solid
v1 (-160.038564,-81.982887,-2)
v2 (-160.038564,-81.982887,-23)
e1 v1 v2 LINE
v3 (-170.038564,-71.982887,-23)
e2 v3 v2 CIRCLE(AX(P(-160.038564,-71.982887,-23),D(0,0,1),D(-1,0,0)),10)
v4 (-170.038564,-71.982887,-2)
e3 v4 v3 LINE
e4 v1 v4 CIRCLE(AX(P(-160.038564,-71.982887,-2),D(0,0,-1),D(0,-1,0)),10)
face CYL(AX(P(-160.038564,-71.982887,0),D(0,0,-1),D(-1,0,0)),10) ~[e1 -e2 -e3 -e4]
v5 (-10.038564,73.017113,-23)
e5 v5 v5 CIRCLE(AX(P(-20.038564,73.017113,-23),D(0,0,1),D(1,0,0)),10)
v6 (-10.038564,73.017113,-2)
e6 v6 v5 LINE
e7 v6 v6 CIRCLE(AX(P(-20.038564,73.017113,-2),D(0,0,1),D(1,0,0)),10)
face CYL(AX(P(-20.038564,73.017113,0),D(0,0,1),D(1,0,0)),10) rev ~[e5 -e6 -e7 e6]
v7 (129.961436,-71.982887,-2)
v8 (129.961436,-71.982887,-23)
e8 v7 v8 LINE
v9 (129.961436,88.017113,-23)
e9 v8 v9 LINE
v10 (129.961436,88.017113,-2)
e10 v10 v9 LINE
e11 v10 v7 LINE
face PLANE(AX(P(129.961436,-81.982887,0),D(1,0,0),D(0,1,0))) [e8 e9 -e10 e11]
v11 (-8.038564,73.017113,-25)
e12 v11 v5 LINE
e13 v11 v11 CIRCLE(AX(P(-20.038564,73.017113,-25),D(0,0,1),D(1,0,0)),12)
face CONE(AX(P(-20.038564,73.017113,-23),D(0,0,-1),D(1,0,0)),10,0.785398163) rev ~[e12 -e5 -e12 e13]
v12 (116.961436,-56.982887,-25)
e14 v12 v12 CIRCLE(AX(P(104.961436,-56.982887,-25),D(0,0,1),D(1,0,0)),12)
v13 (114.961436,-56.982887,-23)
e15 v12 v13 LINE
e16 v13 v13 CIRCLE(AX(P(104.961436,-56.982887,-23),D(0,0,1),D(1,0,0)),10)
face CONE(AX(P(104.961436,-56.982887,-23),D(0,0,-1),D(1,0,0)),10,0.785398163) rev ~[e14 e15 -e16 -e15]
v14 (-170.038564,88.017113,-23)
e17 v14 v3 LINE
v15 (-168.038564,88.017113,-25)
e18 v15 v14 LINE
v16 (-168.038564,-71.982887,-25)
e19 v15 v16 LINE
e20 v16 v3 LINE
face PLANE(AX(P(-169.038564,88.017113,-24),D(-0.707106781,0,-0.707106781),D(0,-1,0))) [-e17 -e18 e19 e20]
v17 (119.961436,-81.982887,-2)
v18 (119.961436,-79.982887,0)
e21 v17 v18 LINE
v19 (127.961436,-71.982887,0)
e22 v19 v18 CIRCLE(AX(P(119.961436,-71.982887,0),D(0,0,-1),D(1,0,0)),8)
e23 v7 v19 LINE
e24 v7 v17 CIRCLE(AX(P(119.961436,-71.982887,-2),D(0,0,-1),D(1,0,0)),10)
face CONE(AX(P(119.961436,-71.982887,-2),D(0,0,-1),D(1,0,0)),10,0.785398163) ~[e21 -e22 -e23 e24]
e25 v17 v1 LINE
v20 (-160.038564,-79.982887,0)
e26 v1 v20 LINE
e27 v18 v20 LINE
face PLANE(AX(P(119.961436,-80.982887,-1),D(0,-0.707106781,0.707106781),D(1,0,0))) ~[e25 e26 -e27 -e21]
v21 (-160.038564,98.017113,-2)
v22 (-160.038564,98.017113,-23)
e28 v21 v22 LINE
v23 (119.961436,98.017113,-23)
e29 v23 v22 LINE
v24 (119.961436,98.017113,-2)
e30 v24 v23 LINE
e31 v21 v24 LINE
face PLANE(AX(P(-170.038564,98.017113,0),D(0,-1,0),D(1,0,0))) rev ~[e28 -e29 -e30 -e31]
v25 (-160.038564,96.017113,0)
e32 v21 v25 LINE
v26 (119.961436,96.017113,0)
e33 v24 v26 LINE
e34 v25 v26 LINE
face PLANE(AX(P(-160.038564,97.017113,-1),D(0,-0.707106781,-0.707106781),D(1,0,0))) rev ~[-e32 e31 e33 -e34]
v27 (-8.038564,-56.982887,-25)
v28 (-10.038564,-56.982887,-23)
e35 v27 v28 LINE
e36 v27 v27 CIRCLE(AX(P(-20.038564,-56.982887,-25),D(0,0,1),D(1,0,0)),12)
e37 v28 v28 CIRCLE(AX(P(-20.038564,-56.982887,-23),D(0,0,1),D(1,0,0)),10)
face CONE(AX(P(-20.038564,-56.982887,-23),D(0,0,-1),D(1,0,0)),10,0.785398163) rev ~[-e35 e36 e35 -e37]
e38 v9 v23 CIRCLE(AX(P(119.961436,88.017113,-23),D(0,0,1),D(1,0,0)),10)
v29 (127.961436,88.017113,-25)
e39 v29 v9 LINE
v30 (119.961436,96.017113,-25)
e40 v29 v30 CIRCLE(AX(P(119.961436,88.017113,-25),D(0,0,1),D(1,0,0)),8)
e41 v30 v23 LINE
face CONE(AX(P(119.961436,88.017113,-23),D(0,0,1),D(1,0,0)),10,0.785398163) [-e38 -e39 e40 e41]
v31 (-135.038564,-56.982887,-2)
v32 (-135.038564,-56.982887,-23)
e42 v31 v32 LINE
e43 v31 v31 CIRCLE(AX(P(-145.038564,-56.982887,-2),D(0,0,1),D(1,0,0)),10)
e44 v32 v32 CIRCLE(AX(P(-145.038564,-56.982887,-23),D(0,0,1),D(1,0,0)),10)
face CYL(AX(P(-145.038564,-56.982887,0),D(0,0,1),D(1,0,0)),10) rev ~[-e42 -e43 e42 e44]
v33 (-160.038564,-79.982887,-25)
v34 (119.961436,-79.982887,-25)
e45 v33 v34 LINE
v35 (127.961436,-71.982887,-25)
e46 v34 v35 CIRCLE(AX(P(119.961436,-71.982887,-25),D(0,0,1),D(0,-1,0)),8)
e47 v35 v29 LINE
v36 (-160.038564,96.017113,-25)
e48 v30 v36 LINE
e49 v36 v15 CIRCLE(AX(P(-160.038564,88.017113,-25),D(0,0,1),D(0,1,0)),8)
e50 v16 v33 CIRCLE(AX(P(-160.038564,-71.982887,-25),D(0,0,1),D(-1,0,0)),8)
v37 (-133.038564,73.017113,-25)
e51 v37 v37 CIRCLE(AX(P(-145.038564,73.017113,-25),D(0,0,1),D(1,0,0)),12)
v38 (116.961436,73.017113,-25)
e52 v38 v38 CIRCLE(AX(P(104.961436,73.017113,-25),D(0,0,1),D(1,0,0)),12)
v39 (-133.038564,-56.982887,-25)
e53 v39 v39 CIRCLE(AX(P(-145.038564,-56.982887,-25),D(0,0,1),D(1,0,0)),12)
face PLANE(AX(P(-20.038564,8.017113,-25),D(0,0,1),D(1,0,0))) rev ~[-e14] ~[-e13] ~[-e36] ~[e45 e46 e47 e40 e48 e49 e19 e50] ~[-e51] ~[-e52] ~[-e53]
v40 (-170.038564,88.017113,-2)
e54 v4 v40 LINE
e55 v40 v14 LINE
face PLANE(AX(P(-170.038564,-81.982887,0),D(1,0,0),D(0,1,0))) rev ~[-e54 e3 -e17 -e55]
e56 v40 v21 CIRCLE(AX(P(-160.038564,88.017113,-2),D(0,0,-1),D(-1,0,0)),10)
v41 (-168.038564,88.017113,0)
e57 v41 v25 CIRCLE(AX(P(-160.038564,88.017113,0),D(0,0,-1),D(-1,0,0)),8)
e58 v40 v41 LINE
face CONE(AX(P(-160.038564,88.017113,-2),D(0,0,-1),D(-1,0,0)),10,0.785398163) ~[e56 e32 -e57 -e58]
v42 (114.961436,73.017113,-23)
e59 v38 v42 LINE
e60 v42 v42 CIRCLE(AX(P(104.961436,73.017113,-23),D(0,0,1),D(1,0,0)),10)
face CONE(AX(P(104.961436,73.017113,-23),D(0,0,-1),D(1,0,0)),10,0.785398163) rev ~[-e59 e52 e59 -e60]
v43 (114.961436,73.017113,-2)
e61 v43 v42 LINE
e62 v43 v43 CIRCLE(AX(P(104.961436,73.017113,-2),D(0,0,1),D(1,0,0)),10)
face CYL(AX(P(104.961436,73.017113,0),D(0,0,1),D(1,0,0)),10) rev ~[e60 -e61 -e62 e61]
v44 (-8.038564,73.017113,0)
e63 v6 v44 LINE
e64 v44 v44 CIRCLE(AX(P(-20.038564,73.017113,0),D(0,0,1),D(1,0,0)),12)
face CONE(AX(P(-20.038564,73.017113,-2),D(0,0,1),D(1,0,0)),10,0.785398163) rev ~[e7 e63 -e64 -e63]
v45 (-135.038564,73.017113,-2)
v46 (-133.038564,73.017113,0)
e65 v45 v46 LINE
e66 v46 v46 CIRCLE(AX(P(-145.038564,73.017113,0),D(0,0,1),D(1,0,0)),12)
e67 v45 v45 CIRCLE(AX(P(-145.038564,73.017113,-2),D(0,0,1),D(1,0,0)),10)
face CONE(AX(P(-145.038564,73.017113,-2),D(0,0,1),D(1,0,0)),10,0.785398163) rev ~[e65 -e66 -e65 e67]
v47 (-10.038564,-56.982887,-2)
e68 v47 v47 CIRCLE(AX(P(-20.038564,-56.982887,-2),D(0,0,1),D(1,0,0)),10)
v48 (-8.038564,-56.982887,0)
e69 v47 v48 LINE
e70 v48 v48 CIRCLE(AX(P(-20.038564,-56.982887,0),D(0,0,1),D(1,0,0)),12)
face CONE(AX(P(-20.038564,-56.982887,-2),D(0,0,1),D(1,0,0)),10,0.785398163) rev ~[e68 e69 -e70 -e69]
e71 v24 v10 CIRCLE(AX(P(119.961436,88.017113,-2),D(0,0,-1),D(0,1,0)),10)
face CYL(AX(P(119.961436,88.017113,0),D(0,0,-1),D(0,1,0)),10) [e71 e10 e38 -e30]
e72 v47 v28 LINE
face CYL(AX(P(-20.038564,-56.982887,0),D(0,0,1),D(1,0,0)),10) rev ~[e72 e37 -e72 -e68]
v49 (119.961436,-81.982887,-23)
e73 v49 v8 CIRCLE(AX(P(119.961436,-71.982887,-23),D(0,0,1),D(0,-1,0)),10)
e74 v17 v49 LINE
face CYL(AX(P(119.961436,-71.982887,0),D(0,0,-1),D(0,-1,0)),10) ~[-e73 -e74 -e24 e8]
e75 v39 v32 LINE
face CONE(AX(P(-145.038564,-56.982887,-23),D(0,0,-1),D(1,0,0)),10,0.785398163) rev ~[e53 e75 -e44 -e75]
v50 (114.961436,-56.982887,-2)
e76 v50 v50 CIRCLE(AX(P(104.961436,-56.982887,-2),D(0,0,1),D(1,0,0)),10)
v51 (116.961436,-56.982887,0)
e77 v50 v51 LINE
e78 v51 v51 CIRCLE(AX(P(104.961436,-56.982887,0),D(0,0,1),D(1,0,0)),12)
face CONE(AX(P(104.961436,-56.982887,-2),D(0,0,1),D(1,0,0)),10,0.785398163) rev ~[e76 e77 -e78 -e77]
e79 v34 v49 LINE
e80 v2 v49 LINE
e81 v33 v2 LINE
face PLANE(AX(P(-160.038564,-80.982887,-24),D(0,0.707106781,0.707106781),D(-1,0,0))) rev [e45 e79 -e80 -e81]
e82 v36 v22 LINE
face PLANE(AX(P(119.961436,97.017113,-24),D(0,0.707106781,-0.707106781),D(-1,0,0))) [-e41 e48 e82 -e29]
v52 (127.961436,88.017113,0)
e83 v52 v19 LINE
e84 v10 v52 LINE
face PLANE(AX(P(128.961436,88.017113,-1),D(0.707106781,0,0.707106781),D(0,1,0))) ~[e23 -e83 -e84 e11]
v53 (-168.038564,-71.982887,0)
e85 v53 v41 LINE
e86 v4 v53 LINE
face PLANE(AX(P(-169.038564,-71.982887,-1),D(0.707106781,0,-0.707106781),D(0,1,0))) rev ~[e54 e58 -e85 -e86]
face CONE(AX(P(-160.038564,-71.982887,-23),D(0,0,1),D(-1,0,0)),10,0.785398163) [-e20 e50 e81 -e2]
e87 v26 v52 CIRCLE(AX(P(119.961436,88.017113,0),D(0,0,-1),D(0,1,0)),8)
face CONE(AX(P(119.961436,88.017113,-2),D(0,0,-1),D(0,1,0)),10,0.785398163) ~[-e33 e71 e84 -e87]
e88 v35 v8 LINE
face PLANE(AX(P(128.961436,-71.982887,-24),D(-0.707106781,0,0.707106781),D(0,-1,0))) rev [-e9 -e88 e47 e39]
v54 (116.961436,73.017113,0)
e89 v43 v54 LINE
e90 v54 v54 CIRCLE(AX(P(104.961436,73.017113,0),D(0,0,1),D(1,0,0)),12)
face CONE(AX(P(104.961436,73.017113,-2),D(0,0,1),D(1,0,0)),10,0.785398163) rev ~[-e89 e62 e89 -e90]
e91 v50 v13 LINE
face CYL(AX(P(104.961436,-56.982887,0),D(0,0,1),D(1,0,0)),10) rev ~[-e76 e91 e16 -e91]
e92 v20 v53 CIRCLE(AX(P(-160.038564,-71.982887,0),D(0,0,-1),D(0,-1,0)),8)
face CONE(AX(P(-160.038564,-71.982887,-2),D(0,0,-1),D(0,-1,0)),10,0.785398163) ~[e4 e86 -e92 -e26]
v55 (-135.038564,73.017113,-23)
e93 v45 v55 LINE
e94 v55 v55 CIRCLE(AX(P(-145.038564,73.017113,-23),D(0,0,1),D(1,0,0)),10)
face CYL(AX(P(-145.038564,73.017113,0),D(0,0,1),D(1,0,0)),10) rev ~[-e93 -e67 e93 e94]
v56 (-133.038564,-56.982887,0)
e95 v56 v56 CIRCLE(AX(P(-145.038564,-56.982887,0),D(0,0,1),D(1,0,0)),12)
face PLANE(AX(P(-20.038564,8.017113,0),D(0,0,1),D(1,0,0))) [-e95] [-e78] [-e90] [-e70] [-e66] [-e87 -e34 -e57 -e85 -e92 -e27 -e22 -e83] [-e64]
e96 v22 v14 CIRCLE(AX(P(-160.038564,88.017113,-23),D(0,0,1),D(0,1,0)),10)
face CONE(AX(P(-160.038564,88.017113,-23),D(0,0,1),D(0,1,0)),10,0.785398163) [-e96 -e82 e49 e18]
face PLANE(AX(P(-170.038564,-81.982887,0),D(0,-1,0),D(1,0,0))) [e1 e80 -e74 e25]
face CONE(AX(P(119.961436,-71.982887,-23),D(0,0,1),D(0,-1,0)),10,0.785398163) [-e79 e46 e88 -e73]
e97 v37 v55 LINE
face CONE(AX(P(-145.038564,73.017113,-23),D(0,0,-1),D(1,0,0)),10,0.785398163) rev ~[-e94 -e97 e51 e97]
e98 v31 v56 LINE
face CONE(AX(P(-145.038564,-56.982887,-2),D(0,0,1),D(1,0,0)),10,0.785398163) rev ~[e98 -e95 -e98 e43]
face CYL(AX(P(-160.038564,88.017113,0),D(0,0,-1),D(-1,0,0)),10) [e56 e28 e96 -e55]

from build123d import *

# Parameters (mm, degrees)
F0_W     = 300
F0_H     = 180
F0_R     = 10
F1_DEPTH = 25
F2_SIZE2 = 2
F2_SIZE  = 2
F3_R     = 10
F4_SIZE2 = 2
F4_SIZE  = 2
F5_SIZE2 = 2
F5_SIZE  = 2
F6_SIZE2 = 2
F6_SIZE  = 2


with BuildPart() as f1:
    # F0 (on Top) → F1 (new body)
    with BuildSketch(Plane.XY):
        with Locations((-20.0385637581, 8.0171129107)):
            Rectangle(F0_W, F0_H)
        with Locations((-145.0385637581, -56.9828870893)):
            Circle(F0_R, mode=Mode.SUBTRACT)
        with Locations((-20.0385637581, -56.9828870893)):
            Circle(F0_R, mode=Mode.SUBTRACT)
        with Locations((104.9614362419, -56.9828870893)):
            Circle(F0_R, mode=Mode.SUBTRACT)
        with Locations((-145.0385637581, 73.0171129107)):
            Circle(F0_R, mode=Mode.SUBTRACT)
        with Locations((-20.0385637581, 73.0171129107)):
            Circle(F0_R, mode=Mode.SUBTRACT)
        with Locations((104.9614362419, 73.0171129107)):
            Circle(F0_R, mode=Mode.SUBTRACT)
    extrude(amount=-F1_DEPTH)

    # F2
    f2_edges = [f1.edges().sort_by_distance(p)[0] for p in [
        (-155.038564, -56.982887, 0),
        (-155.038564, 73.017113, 0),
        (-30.038564, 73.017113, 0),
        (-30.038564, -56.982887, 0),
        (94.961436, -56.982887, 0),
        (94.961436, 73.017113, 0),
    ]]
    chamfer(f2_edges, length=F2_SIZE, length2=F2_SIZE2)

    # F3
    f3_edges = [f1.edges().sort_by_distance(p)[0] for p in [
        (129.961436, -81.982887, -12.5),
        (129.961436, 98.017113, -12.5),
        (-170.038564, -81.982887, -12.5),
        (-170.038564, 98.017113, -12.5),
    ]]
    fillet(f3_edges, radius=F3_R)

    # F4
    f4_edges = [f1.edges().sort_by_distance(p)[0] for p in [
        (127.032504, -79.053955, -25),
        (-167.109632, -79.053955, -25),
        (-167.109632, 95.088181, -25),
        (127.032504, 95.088181, -25),
    ]]
    chamfer(f4_edges, length=F4_SIZE, length2=F4_SIZE2)

    # F5
    f5_edges = [f1.edges().sort_by_distance(p)[0] for p in [
        (-167.109632, 95.088181, 0),
        (-167.109632, -79.053955, 0),
        (127.032504, 95.088181, 0),
        (127.032504, -79.053955, 0),
    ]]
    chamfer(f5_edges, length=F5_SIZE, length2=F5_SIZE2)

    # F6
    f6_edges = [f1.edges().sort_by_distance(p)[0] for p in [
        (94.961436, 73.017113, -25),
        (-30.038564, 73.017113, -25),
        (94.961436, -56.982887, -25),
        (-30.038564, -56.982887, -25),
        (-155.038564, -56.982887, -25),
        (-155.038564, 73.017113, -25),
    ]]
    chamfer(f6_edges, length=F6_SIZE, length2=F6_SIZE2)


solid = f1.part
